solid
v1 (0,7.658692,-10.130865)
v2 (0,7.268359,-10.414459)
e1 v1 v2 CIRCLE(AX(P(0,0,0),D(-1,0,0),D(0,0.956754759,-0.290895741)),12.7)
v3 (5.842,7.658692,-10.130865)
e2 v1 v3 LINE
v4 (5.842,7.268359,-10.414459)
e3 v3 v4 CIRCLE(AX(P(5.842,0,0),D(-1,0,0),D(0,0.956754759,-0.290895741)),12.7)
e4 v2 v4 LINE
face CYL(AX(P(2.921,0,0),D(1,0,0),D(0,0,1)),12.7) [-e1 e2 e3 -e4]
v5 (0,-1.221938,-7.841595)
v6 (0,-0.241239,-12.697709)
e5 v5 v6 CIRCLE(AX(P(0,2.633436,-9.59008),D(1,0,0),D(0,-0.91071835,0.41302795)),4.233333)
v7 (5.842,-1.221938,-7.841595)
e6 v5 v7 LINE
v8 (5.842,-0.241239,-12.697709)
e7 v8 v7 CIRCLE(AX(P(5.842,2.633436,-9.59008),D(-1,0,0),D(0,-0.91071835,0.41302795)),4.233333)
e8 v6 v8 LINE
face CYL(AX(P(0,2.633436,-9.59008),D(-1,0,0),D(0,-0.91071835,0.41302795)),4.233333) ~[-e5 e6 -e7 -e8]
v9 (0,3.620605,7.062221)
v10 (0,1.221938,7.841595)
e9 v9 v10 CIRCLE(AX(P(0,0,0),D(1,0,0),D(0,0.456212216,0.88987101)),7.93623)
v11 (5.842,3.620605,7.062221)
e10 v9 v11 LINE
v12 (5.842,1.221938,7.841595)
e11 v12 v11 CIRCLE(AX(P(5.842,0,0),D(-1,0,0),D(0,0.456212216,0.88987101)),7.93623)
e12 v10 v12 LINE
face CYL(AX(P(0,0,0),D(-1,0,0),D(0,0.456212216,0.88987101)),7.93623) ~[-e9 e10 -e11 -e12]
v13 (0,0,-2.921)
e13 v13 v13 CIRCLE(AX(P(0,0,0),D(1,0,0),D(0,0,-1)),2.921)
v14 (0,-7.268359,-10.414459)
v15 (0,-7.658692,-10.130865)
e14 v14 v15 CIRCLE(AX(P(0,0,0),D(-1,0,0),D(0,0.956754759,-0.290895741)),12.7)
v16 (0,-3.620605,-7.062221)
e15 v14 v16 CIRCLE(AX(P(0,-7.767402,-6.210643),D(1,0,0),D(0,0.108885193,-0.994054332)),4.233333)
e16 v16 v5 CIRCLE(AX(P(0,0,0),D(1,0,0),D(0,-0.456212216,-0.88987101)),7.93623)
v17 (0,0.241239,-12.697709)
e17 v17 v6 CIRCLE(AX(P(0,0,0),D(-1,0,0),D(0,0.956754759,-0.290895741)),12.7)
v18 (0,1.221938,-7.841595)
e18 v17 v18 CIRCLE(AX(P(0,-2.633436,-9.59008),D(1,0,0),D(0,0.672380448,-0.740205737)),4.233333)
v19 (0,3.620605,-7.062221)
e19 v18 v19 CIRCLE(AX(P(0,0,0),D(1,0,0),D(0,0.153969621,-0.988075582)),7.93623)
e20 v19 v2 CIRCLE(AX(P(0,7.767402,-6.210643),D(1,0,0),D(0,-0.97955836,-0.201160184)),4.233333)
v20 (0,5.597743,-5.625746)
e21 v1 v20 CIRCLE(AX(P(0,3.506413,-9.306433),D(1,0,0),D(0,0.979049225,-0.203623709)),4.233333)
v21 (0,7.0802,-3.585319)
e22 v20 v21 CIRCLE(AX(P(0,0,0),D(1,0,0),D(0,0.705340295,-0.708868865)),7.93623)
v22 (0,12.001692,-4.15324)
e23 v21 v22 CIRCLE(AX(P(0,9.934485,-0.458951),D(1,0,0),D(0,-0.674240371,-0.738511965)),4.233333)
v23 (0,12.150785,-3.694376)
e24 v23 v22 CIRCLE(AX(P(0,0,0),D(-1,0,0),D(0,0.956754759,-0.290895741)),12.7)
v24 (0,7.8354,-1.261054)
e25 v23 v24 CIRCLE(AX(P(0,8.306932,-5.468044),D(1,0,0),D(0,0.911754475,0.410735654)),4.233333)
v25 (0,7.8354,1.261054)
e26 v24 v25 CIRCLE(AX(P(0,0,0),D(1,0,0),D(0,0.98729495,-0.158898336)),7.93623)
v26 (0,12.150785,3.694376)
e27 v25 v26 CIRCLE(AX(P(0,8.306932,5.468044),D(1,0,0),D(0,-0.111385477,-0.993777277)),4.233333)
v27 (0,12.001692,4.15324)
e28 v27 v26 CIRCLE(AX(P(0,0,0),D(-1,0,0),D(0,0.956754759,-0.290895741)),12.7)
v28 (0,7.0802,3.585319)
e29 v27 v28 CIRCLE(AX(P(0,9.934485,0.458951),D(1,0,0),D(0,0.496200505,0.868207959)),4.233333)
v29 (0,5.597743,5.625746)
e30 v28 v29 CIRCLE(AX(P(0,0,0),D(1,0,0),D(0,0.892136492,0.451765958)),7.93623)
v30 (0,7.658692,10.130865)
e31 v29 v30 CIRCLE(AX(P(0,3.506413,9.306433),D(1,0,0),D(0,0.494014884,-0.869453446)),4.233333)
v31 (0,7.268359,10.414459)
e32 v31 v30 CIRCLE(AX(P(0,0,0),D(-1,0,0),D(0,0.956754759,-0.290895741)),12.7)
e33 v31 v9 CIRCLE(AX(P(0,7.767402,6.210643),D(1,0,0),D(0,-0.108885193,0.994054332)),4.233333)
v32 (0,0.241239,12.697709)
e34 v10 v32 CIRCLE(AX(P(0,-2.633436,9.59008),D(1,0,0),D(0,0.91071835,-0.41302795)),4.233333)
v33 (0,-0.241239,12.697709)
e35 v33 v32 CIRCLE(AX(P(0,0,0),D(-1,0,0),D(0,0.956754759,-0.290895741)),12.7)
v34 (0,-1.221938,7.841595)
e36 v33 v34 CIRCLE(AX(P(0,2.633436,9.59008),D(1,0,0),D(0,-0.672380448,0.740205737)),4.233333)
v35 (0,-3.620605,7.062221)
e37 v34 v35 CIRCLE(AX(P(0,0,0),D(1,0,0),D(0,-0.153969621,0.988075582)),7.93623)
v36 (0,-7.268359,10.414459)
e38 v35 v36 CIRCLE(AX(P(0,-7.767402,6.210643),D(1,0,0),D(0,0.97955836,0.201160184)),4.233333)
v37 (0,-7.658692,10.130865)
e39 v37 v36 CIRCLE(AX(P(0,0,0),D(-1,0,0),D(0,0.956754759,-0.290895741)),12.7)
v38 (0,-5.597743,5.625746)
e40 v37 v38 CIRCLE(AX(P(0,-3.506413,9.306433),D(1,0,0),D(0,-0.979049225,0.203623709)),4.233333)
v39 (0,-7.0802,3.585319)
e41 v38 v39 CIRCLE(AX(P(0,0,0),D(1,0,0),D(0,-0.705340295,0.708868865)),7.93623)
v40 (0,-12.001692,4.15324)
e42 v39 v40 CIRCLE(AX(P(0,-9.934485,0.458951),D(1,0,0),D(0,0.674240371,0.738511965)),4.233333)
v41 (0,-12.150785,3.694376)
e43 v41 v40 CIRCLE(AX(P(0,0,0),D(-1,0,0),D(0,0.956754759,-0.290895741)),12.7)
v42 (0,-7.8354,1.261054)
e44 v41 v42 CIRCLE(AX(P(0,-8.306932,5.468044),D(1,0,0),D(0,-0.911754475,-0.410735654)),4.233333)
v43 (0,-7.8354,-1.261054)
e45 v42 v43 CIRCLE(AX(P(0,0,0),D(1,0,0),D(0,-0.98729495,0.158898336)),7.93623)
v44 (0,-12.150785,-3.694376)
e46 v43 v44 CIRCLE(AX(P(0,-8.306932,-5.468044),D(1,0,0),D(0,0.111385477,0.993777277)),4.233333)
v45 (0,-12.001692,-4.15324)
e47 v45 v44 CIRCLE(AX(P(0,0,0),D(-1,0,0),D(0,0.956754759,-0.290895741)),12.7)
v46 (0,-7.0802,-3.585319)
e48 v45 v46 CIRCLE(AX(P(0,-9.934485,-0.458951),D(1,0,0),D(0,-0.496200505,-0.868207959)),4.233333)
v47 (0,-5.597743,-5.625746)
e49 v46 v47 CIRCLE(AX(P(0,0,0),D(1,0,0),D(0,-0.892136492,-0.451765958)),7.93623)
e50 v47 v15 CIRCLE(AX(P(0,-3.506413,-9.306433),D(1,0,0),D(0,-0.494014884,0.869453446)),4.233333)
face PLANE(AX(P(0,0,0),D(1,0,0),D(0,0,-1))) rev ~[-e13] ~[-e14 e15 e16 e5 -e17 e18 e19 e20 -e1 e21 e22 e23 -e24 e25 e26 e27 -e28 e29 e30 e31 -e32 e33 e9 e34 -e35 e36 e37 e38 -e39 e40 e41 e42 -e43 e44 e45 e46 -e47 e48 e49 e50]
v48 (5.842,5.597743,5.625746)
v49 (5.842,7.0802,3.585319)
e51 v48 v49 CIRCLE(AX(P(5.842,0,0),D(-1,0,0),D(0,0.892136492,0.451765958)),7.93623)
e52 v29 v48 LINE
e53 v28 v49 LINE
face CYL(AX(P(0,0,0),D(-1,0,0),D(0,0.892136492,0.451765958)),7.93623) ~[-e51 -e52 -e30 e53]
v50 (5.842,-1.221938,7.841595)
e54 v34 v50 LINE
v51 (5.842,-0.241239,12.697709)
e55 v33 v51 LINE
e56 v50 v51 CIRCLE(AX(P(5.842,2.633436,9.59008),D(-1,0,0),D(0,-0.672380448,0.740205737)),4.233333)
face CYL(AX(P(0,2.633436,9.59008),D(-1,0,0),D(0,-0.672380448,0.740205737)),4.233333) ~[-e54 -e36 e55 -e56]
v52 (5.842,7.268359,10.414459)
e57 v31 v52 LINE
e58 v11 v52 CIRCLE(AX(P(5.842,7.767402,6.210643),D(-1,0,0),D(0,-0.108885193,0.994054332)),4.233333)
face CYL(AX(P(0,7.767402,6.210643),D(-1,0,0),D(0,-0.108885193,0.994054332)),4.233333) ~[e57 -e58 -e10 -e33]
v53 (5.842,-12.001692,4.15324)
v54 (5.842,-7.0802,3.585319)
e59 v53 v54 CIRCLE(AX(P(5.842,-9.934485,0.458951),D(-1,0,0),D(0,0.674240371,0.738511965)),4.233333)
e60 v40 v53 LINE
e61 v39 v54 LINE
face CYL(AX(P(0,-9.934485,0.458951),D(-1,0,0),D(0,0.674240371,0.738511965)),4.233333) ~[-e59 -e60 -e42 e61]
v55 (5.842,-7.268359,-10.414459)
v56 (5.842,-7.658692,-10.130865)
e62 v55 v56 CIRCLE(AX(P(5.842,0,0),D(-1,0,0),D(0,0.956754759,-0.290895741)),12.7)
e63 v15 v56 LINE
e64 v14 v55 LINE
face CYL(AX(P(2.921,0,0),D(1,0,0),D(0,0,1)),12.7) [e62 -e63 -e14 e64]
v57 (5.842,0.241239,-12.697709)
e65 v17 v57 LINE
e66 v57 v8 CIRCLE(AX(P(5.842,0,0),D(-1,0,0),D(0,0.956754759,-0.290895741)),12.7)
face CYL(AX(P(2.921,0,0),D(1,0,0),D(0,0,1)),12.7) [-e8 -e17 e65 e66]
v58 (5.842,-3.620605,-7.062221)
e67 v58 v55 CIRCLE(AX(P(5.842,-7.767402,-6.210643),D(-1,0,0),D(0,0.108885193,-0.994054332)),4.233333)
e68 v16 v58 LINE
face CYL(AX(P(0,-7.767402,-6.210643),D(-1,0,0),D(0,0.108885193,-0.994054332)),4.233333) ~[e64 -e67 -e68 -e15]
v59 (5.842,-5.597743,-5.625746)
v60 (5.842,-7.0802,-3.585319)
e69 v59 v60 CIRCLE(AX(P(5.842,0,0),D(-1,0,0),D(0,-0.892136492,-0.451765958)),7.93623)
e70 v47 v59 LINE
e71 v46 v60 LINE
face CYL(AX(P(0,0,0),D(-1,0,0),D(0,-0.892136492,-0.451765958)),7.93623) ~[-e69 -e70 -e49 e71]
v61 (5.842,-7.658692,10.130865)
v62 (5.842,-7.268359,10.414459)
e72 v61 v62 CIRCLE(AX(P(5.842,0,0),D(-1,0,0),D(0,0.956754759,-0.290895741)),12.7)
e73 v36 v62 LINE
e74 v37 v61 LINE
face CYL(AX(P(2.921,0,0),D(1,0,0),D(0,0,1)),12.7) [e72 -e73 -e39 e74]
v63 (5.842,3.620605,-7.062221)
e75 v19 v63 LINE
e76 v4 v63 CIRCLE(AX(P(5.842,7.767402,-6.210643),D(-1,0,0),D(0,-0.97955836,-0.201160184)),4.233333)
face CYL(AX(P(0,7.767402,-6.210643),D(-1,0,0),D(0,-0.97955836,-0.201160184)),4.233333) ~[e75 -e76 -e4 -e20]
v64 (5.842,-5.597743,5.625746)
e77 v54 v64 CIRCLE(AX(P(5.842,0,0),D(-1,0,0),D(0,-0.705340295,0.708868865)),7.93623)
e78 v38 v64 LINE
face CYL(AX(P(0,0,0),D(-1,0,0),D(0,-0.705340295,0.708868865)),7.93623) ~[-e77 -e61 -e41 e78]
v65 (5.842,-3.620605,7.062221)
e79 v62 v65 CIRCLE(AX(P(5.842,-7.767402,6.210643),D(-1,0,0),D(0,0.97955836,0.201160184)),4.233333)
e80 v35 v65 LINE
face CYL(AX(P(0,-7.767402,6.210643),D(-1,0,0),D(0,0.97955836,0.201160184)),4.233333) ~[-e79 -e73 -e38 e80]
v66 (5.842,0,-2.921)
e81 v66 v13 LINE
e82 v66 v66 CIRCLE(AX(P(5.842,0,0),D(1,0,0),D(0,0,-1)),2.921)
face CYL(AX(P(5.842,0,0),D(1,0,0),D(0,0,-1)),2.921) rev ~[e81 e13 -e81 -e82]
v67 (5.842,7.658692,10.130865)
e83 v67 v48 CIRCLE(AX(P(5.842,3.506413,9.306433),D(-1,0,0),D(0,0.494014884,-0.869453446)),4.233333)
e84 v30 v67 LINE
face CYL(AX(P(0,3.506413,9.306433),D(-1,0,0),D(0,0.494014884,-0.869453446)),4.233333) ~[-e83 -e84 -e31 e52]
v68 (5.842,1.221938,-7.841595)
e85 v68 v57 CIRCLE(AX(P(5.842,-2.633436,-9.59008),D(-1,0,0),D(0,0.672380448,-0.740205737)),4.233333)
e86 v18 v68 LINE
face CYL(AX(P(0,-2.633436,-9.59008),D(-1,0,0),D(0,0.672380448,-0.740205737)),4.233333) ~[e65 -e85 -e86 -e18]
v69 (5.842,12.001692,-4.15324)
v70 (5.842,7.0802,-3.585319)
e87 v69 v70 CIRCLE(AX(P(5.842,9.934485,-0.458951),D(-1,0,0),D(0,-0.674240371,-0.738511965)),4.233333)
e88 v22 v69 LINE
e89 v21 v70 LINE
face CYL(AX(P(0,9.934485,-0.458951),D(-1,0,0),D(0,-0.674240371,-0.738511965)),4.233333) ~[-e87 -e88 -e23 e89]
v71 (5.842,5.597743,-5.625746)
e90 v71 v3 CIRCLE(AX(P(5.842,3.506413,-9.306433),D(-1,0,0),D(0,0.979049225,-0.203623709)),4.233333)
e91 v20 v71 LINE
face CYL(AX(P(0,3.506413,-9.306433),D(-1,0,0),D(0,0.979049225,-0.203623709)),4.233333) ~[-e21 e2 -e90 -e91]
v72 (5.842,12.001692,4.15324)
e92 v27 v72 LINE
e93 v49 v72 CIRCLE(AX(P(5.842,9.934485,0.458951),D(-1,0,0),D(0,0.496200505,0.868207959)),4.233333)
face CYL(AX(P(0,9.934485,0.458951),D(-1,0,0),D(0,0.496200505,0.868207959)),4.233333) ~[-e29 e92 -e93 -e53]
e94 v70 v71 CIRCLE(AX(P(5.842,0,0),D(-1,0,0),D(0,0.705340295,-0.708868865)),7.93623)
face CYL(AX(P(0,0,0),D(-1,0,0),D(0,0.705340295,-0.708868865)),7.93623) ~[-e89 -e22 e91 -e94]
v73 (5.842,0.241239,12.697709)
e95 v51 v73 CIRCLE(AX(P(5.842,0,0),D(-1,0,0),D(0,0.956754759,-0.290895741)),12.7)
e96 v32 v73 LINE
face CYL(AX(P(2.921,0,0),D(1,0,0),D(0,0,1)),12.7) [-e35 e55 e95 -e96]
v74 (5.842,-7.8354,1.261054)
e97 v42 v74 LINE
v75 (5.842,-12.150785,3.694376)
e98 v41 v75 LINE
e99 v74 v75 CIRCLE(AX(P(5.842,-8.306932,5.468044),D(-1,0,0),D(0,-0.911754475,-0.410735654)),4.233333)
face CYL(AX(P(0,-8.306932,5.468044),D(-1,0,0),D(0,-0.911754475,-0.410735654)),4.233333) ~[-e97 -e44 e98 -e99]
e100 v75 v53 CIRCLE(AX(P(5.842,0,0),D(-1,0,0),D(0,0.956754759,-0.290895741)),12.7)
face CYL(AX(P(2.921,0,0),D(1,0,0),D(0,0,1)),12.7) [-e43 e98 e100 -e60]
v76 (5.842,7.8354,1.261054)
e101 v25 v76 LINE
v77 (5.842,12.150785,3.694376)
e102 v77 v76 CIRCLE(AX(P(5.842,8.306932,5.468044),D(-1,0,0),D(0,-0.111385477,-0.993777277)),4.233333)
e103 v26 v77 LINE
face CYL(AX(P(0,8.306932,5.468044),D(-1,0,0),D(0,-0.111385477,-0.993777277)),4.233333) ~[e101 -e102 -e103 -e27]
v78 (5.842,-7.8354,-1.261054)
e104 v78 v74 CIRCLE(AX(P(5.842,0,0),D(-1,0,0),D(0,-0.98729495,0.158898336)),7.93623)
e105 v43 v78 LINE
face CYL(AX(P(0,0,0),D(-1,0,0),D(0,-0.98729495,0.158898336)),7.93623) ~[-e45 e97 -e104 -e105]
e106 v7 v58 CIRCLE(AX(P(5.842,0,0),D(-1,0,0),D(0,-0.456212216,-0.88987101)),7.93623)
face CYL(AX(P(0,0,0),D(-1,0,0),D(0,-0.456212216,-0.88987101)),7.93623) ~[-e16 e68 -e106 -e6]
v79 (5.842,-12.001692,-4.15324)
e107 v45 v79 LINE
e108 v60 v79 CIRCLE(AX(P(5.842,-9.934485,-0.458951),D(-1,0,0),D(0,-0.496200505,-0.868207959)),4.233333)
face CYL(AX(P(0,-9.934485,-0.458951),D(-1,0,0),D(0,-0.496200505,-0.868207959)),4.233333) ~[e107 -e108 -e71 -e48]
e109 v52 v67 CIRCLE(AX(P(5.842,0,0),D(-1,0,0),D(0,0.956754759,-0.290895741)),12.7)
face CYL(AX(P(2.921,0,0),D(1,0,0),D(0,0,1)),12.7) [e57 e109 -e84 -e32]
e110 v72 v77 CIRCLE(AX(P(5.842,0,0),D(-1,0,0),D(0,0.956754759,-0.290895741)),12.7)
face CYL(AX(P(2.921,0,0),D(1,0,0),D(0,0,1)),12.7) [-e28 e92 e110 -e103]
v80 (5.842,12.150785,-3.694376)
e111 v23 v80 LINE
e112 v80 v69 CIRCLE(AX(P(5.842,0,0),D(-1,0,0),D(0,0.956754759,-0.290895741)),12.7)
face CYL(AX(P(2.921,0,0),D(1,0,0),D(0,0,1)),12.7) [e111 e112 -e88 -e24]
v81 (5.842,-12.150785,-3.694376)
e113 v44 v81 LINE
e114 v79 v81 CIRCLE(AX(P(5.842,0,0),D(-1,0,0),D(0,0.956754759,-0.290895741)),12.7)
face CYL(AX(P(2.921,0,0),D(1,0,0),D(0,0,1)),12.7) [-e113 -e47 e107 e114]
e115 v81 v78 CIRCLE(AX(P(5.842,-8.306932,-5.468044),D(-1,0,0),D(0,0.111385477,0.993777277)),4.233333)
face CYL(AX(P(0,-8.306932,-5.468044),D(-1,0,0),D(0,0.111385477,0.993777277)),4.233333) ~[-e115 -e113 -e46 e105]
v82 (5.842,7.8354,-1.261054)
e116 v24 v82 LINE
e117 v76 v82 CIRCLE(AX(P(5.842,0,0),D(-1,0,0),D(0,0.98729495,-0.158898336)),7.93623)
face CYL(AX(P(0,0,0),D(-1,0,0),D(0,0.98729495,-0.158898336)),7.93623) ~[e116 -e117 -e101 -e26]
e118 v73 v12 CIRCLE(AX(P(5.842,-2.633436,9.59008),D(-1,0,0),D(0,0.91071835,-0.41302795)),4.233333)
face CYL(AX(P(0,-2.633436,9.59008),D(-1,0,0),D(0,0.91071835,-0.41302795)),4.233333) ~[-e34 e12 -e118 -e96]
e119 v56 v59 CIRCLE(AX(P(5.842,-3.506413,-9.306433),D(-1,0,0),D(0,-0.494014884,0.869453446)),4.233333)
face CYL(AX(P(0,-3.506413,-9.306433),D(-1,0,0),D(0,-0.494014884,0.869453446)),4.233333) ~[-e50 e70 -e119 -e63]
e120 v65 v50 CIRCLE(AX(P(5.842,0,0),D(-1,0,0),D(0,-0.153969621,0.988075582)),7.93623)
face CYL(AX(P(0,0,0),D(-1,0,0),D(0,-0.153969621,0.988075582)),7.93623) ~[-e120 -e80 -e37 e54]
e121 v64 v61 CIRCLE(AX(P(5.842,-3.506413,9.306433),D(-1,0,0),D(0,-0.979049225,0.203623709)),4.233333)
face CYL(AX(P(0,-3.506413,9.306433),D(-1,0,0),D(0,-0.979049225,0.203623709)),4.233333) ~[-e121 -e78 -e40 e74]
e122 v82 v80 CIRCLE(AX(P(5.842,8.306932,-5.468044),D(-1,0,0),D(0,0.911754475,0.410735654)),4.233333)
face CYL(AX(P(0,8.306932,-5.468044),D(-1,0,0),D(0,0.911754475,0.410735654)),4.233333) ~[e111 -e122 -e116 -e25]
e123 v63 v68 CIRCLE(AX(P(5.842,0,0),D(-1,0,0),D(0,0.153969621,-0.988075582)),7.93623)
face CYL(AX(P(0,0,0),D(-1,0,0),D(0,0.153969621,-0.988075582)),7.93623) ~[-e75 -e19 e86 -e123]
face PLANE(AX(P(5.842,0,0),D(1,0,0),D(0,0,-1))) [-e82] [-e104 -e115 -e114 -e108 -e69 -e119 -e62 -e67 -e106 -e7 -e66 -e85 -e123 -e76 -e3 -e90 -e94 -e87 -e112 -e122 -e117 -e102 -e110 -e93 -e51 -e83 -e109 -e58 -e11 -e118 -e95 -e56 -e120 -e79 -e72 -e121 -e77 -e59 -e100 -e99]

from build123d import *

# Parameters (mm, degrees)
BASPROSKE_W         = 5.842
BASPROSKE_H         = 12.7
TOOTHCUT_DEPTH      = 19.886740428
TEETHCUTS_COUNT     = 10
TEETHCUTS_ANGLE     = 324
BORSKE_R            = 3.175
BORE_DEPTH          = 50.8000508
SKETCH1_R           = 3.175
SKETCH1_R_2         = 2.921
BOSS_EXTRUDE1_DEPTH = 5.842


with BuildPart() as part:
    # BasProSke → Base-Revolve (revolve)
    with BuildSketch(Plane(origin=(0, 0, 0), x_dir=(1, 0, 0), z_dir=(0, 1, 0)), mode=Mode.PRIVATE) as base_revolve_sk:
        with Locations((2.921, 6.35)):
            Rectangle(BASPROSKE_W, BASPROSKE_H)
    revolve(base_revolve_sk.sketch.rotate(Axis((-10, 0, 0), (1, 0, 0)), 180), axis=Axis((-10, 0, 0), (1, 0, 0)))

    # TooCutSke → ToothCut (cut, through all)
    with BuildSketch(Plane(origin=(0, 0, 0), x_dir=(0, 0, -1), z_dir=(1, 0, 0))):
        with BuildLine():
            ThreePointArc((1.261053733, 7.835399804), (0, 7.93623), (-1.261053733, 7.835399804))
            ThreePointArc((-1.261053733, 7.835399804), (-1.789991322, 10.402889218), (-3.729263267, 12.166692264))
            ThreePointArc((-3.729263267, 12.166692264), (0, 12.7254), (3.729263267, 12.166692264))
            ThreePointArc((3.729263267, 12.166692264), (1.789991322, 10.402889218), (1.261053733, 7.835399804))
        make_face()
    toothcut = extrude(amount=TOOTHCUT_DEPTH, mode=Mode.SUBTRACT)

    # TeethCuts: ToothCut ×10 about axis
    teethcuts_axis = Axis((-10, 0, 0), (1, 0, 0))
    for i in range(1, TEETHCUTS_COUNT):
        add(toothcut.rotate(teethcuts_axis, i * TEETHCUTS_ANGLE / (TEETHCUTS_COUNT - 1)), mode=Mode.SUBTRACT)

    # BorSke → Bore (cut, symmetric)
    with BuildSketch(Plane(origin=(0, 0, 0), x_dir=(0, 0, -1), z_dir=(1, 0, 0))):
        with Locations(Location((0, 0, 0), (0, 0, 180))):
            Circle(BORSKE_R)
    extrude(amount=BORE_DEPTH, both=True, mode=Mode.SUBTRACT)

    # Sketch1 → Boss-Extrude1 (add)
    with BuildSketch(Plane(origin=(5.842, 0, 0), x_dir=(0, 0, -1), z_dir=(1, 0, 0))):
        Circle(SKETCH1_R)
        Circle(SKETCH1_R_2, mode=Mode.SUBTRACT)
    extrude(amount=-BOSS_EXTRUDE1_DEPTH)


solid = part.part
